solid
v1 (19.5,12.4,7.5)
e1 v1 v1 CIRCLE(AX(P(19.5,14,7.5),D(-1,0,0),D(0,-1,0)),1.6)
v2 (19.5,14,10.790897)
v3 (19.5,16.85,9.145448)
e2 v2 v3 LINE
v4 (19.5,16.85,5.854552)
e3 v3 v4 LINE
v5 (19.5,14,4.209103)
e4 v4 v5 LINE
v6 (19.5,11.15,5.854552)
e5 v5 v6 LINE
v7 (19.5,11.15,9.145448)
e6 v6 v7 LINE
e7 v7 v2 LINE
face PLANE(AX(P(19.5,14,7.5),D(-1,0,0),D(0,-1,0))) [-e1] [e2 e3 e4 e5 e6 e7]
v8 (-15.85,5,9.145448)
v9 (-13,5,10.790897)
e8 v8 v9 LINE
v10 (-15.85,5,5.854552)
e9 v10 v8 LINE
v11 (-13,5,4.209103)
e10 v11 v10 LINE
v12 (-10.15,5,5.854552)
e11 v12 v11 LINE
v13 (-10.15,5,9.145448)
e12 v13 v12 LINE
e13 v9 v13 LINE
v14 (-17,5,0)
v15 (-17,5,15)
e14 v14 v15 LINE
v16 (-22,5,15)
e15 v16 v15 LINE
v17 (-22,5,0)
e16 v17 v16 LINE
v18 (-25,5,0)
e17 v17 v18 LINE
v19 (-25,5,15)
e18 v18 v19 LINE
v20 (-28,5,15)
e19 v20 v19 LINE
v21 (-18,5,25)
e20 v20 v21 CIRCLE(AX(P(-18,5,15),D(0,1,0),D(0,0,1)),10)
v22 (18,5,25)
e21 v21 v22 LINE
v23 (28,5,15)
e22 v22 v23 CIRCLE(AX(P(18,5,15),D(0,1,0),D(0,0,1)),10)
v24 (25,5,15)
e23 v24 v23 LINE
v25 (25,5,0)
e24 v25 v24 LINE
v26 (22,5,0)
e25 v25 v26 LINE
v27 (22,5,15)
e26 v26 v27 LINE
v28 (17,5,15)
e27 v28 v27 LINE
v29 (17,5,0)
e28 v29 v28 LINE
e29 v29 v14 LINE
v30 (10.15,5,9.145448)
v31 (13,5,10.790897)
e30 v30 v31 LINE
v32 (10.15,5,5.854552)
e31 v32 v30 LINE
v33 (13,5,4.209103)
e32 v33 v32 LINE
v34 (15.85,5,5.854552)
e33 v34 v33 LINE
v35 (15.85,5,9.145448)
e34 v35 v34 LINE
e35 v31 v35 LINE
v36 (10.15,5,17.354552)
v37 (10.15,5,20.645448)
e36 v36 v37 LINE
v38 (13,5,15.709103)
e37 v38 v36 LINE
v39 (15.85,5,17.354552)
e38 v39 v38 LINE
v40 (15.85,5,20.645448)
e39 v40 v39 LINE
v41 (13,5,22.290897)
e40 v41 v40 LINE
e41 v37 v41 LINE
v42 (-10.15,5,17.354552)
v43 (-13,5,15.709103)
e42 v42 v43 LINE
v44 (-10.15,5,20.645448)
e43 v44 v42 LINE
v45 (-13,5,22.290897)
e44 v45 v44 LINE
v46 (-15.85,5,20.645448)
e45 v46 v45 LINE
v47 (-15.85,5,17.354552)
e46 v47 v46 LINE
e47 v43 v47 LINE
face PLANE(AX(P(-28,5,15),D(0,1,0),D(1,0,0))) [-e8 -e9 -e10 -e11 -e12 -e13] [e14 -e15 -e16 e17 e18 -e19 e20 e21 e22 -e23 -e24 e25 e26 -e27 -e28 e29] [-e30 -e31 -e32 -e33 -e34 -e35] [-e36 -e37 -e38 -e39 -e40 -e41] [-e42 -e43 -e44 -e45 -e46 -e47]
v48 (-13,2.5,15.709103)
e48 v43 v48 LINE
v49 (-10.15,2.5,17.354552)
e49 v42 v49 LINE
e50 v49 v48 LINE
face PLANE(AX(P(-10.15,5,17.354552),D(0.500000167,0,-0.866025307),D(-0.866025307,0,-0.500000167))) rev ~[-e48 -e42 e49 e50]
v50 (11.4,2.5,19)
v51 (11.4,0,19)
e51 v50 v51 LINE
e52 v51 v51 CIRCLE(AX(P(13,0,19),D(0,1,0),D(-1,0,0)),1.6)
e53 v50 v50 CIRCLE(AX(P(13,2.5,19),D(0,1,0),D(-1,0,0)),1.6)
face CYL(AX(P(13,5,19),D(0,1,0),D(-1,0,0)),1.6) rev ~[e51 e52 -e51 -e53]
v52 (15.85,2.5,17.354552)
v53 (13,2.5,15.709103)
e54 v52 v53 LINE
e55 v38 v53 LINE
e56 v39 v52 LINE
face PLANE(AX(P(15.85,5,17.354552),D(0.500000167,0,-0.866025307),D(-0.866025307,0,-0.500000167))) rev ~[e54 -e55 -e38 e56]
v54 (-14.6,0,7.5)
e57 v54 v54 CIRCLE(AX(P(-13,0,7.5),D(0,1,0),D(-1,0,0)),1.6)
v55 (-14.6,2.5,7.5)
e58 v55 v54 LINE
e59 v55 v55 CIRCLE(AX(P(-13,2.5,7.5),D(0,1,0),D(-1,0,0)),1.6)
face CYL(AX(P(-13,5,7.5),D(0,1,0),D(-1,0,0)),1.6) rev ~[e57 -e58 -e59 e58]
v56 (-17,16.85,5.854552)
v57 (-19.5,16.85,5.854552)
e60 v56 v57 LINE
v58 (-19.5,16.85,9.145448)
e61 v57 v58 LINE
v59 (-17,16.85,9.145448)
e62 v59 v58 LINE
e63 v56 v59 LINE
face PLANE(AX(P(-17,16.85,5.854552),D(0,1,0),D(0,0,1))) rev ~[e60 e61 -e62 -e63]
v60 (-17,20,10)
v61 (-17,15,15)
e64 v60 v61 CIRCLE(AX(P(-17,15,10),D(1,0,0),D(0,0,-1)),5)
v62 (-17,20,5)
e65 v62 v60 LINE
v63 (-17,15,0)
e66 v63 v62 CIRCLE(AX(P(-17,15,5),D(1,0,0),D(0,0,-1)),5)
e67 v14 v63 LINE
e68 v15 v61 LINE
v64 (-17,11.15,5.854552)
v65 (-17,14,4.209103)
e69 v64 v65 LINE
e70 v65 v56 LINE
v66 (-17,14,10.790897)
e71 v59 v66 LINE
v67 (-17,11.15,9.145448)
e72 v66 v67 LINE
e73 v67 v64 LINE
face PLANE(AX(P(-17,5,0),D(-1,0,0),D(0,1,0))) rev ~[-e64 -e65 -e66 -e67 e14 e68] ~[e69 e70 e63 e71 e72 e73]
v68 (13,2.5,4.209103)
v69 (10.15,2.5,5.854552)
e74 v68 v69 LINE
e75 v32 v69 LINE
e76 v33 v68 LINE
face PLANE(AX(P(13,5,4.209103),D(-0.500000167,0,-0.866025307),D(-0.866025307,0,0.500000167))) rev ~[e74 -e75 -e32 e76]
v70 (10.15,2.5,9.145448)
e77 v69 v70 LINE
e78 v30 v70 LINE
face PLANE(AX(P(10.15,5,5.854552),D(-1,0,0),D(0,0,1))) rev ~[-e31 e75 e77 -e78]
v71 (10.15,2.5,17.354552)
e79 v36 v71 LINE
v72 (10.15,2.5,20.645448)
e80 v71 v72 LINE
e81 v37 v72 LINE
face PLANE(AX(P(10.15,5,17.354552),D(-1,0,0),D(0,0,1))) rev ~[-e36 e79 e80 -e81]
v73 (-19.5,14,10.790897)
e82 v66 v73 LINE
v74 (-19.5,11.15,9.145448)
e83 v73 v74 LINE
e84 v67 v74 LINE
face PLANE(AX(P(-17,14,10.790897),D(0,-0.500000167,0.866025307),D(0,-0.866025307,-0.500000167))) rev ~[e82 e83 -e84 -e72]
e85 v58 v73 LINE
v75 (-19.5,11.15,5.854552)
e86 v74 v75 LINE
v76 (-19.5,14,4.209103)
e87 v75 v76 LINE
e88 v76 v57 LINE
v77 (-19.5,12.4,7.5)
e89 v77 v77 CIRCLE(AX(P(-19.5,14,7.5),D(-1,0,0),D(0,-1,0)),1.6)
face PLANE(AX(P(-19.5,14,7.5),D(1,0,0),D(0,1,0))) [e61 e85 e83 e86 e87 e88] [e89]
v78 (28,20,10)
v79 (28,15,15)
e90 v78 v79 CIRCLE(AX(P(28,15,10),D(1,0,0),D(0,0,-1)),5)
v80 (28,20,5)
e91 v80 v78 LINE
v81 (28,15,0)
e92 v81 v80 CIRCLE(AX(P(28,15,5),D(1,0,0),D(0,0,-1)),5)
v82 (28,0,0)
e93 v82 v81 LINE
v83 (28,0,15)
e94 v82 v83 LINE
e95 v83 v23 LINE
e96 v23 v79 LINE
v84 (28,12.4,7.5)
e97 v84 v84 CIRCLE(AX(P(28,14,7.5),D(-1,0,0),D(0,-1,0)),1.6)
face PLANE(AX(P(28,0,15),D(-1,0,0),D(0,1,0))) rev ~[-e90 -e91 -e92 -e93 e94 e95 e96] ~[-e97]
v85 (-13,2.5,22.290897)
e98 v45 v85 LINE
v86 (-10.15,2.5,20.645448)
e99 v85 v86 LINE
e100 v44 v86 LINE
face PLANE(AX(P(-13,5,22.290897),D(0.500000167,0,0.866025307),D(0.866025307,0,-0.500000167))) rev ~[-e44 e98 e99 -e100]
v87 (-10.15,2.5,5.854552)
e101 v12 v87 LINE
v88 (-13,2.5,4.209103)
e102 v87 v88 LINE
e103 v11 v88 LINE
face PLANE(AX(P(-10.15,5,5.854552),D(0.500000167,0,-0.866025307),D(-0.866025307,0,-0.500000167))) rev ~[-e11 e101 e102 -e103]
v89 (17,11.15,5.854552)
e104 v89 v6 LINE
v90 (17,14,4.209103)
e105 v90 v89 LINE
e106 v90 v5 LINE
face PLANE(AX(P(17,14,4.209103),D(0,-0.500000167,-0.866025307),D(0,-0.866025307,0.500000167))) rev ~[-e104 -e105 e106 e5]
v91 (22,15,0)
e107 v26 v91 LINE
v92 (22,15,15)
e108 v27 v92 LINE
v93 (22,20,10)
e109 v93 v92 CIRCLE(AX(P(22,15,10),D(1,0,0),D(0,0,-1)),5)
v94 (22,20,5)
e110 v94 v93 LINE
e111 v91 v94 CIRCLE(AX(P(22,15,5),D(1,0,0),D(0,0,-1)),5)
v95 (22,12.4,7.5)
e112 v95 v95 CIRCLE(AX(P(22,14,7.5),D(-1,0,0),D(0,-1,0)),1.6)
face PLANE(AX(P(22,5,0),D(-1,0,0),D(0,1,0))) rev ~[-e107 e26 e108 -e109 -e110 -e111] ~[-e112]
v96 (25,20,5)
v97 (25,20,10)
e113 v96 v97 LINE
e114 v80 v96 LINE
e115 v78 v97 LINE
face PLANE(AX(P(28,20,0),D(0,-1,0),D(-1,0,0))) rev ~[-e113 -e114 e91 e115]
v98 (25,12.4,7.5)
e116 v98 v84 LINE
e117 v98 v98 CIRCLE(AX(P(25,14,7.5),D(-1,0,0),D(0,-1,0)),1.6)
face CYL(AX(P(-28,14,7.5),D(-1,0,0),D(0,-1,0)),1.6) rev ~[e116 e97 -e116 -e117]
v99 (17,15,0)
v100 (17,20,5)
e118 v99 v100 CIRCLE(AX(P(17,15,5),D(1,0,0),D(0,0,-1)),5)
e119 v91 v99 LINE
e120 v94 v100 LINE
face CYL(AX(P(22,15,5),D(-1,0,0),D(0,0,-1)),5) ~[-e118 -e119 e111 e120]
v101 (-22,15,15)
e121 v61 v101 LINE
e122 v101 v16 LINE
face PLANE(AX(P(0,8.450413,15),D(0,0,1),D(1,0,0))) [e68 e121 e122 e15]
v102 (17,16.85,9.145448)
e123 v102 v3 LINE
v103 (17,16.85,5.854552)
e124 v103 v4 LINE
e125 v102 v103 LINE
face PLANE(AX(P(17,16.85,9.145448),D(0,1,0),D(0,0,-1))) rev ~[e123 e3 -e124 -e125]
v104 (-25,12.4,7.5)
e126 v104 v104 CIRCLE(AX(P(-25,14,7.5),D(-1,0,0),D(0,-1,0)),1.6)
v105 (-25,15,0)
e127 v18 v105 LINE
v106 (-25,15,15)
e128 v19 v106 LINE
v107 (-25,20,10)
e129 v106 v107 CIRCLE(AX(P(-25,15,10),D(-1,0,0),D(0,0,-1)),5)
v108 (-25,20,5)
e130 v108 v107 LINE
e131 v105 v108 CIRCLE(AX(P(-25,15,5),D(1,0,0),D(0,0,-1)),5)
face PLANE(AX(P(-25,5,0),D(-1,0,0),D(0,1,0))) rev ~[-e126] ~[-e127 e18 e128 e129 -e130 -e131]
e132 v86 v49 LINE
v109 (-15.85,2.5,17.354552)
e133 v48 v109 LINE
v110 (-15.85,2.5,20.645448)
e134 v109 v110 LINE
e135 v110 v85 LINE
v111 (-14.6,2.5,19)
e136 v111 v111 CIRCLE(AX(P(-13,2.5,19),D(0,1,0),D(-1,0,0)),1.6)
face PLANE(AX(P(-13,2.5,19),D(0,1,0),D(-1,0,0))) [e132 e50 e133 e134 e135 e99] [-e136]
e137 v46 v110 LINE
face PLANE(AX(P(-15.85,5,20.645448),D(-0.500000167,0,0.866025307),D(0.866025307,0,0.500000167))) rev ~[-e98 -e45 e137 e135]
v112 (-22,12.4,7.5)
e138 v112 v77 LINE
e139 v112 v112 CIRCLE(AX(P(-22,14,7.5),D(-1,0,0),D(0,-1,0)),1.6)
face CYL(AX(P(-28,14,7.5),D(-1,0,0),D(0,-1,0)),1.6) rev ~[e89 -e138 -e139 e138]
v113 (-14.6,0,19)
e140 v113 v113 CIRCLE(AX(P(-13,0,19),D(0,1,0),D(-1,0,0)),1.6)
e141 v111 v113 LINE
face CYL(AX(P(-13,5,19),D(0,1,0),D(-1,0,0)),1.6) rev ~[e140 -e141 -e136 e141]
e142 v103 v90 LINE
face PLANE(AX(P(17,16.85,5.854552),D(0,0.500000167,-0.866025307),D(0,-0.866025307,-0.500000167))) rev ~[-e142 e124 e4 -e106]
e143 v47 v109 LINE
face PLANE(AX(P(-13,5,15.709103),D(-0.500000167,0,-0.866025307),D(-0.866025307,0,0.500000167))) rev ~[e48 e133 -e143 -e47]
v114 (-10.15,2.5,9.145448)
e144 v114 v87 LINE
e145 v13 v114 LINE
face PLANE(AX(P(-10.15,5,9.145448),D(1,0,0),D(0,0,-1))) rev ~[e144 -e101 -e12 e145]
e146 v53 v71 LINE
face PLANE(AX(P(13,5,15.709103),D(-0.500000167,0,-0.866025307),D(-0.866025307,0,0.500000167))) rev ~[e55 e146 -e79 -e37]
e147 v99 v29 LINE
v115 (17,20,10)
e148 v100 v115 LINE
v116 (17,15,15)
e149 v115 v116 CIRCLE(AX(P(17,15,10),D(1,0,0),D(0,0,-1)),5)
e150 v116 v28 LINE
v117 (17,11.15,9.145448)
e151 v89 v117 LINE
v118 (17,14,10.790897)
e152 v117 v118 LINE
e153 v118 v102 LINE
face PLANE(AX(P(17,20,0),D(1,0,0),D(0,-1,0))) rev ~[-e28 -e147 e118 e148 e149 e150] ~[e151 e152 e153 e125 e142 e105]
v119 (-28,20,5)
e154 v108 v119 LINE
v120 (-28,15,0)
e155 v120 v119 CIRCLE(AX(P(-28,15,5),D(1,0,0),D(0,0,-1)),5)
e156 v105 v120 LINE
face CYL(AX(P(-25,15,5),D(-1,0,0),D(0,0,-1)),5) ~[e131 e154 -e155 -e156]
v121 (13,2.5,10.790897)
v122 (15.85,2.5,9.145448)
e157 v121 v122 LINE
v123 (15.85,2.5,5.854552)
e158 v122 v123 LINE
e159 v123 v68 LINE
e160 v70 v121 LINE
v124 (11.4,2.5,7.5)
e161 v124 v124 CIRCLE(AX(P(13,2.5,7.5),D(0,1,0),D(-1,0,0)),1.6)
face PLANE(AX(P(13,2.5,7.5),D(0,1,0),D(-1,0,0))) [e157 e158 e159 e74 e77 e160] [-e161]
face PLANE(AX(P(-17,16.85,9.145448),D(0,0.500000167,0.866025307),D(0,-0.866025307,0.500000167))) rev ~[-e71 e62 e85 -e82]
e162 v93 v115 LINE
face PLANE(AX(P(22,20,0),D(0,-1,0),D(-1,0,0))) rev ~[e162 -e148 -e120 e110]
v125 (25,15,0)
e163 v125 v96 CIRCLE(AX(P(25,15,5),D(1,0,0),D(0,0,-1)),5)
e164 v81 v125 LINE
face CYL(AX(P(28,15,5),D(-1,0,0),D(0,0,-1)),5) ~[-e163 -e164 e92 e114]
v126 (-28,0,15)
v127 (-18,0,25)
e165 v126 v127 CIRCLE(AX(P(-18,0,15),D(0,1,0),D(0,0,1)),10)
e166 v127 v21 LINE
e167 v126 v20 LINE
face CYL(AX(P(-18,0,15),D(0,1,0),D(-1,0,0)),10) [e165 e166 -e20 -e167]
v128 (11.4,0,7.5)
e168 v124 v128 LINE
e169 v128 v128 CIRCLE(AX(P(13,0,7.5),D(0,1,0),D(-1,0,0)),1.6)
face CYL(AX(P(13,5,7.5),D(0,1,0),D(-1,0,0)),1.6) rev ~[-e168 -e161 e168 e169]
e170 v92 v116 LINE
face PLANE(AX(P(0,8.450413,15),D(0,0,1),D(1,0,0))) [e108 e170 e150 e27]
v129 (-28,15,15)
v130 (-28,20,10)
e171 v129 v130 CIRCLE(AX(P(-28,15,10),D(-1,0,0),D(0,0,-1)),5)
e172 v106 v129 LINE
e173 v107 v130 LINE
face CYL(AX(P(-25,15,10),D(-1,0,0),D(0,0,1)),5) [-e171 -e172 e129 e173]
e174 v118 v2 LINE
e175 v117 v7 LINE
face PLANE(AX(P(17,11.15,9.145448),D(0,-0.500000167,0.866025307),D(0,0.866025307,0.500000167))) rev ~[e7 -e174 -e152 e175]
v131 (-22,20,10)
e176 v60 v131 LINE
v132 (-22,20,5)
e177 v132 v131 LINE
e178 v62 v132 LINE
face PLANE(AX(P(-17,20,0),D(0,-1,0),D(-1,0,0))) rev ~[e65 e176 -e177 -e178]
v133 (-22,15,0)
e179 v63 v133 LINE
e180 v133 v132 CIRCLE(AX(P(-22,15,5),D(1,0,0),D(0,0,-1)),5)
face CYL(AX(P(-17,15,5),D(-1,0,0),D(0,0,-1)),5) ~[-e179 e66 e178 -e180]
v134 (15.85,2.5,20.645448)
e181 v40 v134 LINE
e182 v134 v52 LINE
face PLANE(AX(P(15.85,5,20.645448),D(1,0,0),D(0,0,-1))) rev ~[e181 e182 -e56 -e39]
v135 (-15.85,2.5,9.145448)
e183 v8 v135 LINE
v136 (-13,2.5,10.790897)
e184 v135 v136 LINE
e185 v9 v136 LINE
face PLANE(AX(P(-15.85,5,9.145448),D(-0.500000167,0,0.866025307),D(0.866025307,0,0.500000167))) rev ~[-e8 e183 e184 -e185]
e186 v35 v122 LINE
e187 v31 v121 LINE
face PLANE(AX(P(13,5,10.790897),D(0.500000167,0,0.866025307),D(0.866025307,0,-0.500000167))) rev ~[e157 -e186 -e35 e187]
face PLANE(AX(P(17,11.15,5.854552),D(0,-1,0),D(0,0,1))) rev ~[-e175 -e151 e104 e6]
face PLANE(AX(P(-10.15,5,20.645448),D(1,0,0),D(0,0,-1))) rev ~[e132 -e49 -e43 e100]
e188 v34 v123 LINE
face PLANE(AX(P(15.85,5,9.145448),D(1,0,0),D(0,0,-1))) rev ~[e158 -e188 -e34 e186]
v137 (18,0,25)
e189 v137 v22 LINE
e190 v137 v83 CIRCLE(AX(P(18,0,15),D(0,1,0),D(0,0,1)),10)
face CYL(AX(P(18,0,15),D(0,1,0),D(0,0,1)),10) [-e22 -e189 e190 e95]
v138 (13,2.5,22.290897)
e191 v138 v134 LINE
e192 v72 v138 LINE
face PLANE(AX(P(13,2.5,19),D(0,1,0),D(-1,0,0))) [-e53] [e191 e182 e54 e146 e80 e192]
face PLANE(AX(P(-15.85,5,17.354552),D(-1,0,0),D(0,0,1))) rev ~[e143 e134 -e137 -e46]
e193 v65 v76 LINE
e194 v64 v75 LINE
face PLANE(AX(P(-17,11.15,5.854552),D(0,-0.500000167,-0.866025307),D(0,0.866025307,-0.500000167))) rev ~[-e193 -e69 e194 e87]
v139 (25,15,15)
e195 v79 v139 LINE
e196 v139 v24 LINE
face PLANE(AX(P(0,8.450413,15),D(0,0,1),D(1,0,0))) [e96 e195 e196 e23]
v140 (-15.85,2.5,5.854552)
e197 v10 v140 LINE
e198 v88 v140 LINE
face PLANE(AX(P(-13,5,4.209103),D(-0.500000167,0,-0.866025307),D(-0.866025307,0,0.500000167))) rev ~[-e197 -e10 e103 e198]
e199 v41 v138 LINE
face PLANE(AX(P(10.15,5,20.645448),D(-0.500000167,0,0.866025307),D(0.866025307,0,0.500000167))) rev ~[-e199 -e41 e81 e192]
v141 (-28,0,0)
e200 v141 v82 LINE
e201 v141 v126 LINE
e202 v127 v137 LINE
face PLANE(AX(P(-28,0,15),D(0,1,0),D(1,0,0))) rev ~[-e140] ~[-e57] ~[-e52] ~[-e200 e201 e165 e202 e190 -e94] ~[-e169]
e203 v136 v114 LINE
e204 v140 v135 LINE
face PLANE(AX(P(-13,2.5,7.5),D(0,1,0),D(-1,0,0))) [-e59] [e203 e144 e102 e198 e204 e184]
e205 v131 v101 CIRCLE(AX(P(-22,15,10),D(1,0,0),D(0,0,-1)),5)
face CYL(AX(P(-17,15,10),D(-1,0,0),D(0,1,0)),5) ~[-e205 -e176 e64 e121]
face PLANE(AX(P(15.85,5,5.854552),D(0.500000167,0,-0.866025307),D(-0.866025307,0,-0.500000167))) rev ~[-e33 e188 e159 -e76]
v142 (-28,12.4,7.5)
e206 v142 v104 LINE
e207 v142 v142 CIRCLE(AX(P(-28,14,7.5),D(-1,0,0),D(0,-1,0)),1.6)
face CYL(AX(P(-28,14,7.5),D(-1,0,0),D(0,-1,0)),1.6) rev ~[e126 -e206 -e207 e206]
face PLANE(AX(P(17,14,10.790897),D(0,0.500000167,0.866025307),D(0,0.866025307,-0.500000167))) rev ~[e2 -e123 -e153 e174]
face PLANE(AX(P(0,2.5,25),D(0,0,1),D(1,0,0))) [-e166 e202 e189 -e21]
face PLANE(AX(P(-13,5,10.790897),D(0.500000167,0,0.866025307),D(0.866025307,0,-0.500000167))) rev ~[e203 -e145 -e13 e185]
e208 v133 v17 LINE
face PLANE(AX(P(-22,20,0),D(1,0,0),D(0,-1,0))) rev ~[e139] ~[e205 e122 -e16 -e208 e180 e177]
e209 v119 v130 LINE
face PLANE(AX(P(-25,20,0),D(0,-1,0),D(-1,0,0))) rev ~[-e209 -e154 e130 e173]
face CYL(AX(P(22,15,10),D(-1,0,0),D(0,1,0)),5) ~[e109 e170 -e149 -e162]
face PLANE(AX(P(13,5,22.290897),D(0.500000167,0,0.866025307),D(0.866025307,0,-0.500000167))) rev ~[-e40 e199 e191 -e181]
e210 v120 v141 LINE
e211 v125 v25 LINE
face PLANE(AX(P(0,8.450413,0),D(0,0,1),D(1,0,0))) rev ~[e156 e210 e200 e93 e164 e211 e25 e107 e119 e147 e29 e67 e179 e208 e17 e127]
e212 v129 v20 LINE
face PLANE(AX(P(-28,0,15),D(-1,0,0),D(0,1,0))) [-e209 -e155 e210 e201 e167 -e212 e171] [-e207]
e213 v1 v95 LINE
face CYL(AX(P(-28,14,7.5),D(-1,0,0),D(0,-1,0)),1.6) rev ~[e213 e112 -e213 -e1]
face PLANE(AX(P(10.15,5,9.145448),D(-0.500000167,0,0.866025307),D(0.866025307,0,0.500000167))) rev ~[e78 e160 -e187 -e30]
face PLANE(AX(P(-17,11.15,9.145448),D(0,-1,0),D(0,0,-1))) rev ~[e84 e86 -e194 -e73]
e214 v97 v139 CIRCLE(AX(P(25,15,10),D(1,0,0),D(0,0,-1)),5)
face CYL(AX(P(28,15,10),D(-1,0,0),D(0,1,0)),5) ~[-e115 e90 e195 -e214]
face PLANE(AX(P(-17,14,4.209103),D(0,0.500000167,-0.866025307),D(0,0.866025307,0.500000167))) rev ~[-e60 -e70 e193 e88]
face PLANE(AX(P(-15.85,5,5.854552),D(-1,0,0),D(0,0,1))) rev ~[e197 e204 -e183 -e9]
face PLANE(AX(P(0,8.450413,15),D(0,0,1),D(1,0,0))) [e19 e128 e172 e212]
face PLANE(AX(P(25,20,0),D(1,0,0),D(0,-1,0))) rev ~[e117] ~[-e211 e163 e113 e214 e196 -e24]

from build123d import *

# Parameters (mm, degrees)
F1_DEPTH  = 15
F2_R      = 1.6
F3_DEPTH  = 56.001
F5_DEPTH  = 2.5
F7_DEPTH  = 2.5
F8_W      = 56
F8_H      = 5
F9_DEPTH  = 10
F10_R     = 1.6
F11_DEPTH = 5.001
F13_DEPTH = 2.5
F14_R     = 10
F15_R     = 5


with BuildPart() as f1:
    # F0 (on Top) → F1 (new body)
    with BuildSketch(Plane.XY):
        Polygon((-28, 20), (-28, 0), (28, 0), (28, 20), (25, 20), (25, 5), (22, 5), (22, 20), (17, 20), (17, 5), (-17, 5), (-17, 20), (-22, 20), (-22, 5), (-25, 5), (-25, 20), align=None)
    extrude(amount=F1_DEPTH)

    # F2 (on face) → F3 (cut, through all)
    with BuildSketch(Plane(origin=(-28, 0, 0), x_dir=(0, -1, 0), z_dir=(-1, 0, 0))):
        with Locations((-14, 7.5)):
            Circle(F2_R)
    extrude(amount=-F3_DEPTH, mode=Mode.SUBTRACT)

    # F4 (on face) → F5 (cut)
    with BuildSketch(Plane.YZ.offset(-17)):
        Polygon((16.85, 5.854552), (16.85, 9.145448), (14, 10.790897), (11.15, 9.145448), (11.15, 5.854552), (14, 4.209103), align=None)
    extrude(amount=-F5_DEPTH, mode=Mode.SUBTRACT)

    # F6 (on face) → F7 (cut)
    with BuildSketch(Plane(origin=(17, 0, 0), x_dir=(0, -1, 0), z_dir=(-1, 0, 0))):
        Polygon((-11.15, 5.854552), (-11.15, 9.145448), (-14, 10.790897), (-16.85, 9.145448), (-16.85, 5.854552), (-14, 4.209103), align=None)
    extrude(amount=-F7_DEPTH, mode=Mode.SUBTRACT)

    # F8 (on face) → F9 (join)
    with BuildSketch(Plane.XY.offset(15)):
        with Locations((0, 2.5)):
            Rectangle(F8_W, F8_H)
    extrude(amount=F9_DEPTH)

    # F10 (on face) → F11 (cut, through all)
    with BuildSketch(Plane(origin=(0, 5, 0), x_dir=(-1, 0, 0), z_dir=(0, 1, 0))):
        with Locations((-13, 7.5)):
            Circle(F10_R)
        with Locations((13, 7.5)):
            Circle(F10_R)
        with Locations((-13, 19)):
            Circle(F10_R)
        with Locations((13, 19)):
            Circle(F10_R)
    extrude(amount=-F11_DEPTH, mode=Mode.SUBTRACT)

    # F12 (on face) → F13 (cut)
    with BuildSketch(Plane(origin=(0, 5, 0), x_dir=(-1, 0, 0), z_dir=(0, 1, 0))):
        Polygon((-10.15, 5.854552), (-10.15, 9.145448), (-13, 10.790897), (-15.85, 9.145448), (-15.85, 5.854552), (-13, 4.209103), align=None)
        Polygon((10.15, 9.145448), (10.15, 5.854552), (13, 4.209103), (15.85, 5.854552), (15.85, 9.145448), (13, 10.790897), align=None)
        Polygon((-15.85, 20.645448), (-15.85, 17.354552), (-13, 15.709103), (-10.15, 17.354552), (-10.15, 20.645448), (-13, 22.290897), align=None)
        Polygon((15.85, 17.354552), (15.85, 20.645448), (13, 22.290897), (10.15, 20.645448), (10.15, 17.354552), (13, 15.709103), align=None)
    extrude(amount=-F13_DEPTH, mode=Mode.SUBTRACT)

    # F14
    f14_edges = [f1.edges().sort_by_distance(p)[0] for p in [
        (28, 2.5, 25),
        (-28, 2.5, 25),
    ]]
    fillet(f14_edges, radius=F14_R)

    # F15
    f15_edges = [f1.edges().sort_by_distance(p)[0] for p in [
        (26.5, 20, 15),
        (19.5, 20, 15),
        (26.5, 20, 0),
        (19.5, 20, 0),
        (-19.5, 20, 0),
        (-26.5, 20, 0),
        (-26.5, 20, 15),
        (-19.5, 20, 15),
    ]]
    fillet(f15_edges, radius=F15_R)


solid = f1.part
